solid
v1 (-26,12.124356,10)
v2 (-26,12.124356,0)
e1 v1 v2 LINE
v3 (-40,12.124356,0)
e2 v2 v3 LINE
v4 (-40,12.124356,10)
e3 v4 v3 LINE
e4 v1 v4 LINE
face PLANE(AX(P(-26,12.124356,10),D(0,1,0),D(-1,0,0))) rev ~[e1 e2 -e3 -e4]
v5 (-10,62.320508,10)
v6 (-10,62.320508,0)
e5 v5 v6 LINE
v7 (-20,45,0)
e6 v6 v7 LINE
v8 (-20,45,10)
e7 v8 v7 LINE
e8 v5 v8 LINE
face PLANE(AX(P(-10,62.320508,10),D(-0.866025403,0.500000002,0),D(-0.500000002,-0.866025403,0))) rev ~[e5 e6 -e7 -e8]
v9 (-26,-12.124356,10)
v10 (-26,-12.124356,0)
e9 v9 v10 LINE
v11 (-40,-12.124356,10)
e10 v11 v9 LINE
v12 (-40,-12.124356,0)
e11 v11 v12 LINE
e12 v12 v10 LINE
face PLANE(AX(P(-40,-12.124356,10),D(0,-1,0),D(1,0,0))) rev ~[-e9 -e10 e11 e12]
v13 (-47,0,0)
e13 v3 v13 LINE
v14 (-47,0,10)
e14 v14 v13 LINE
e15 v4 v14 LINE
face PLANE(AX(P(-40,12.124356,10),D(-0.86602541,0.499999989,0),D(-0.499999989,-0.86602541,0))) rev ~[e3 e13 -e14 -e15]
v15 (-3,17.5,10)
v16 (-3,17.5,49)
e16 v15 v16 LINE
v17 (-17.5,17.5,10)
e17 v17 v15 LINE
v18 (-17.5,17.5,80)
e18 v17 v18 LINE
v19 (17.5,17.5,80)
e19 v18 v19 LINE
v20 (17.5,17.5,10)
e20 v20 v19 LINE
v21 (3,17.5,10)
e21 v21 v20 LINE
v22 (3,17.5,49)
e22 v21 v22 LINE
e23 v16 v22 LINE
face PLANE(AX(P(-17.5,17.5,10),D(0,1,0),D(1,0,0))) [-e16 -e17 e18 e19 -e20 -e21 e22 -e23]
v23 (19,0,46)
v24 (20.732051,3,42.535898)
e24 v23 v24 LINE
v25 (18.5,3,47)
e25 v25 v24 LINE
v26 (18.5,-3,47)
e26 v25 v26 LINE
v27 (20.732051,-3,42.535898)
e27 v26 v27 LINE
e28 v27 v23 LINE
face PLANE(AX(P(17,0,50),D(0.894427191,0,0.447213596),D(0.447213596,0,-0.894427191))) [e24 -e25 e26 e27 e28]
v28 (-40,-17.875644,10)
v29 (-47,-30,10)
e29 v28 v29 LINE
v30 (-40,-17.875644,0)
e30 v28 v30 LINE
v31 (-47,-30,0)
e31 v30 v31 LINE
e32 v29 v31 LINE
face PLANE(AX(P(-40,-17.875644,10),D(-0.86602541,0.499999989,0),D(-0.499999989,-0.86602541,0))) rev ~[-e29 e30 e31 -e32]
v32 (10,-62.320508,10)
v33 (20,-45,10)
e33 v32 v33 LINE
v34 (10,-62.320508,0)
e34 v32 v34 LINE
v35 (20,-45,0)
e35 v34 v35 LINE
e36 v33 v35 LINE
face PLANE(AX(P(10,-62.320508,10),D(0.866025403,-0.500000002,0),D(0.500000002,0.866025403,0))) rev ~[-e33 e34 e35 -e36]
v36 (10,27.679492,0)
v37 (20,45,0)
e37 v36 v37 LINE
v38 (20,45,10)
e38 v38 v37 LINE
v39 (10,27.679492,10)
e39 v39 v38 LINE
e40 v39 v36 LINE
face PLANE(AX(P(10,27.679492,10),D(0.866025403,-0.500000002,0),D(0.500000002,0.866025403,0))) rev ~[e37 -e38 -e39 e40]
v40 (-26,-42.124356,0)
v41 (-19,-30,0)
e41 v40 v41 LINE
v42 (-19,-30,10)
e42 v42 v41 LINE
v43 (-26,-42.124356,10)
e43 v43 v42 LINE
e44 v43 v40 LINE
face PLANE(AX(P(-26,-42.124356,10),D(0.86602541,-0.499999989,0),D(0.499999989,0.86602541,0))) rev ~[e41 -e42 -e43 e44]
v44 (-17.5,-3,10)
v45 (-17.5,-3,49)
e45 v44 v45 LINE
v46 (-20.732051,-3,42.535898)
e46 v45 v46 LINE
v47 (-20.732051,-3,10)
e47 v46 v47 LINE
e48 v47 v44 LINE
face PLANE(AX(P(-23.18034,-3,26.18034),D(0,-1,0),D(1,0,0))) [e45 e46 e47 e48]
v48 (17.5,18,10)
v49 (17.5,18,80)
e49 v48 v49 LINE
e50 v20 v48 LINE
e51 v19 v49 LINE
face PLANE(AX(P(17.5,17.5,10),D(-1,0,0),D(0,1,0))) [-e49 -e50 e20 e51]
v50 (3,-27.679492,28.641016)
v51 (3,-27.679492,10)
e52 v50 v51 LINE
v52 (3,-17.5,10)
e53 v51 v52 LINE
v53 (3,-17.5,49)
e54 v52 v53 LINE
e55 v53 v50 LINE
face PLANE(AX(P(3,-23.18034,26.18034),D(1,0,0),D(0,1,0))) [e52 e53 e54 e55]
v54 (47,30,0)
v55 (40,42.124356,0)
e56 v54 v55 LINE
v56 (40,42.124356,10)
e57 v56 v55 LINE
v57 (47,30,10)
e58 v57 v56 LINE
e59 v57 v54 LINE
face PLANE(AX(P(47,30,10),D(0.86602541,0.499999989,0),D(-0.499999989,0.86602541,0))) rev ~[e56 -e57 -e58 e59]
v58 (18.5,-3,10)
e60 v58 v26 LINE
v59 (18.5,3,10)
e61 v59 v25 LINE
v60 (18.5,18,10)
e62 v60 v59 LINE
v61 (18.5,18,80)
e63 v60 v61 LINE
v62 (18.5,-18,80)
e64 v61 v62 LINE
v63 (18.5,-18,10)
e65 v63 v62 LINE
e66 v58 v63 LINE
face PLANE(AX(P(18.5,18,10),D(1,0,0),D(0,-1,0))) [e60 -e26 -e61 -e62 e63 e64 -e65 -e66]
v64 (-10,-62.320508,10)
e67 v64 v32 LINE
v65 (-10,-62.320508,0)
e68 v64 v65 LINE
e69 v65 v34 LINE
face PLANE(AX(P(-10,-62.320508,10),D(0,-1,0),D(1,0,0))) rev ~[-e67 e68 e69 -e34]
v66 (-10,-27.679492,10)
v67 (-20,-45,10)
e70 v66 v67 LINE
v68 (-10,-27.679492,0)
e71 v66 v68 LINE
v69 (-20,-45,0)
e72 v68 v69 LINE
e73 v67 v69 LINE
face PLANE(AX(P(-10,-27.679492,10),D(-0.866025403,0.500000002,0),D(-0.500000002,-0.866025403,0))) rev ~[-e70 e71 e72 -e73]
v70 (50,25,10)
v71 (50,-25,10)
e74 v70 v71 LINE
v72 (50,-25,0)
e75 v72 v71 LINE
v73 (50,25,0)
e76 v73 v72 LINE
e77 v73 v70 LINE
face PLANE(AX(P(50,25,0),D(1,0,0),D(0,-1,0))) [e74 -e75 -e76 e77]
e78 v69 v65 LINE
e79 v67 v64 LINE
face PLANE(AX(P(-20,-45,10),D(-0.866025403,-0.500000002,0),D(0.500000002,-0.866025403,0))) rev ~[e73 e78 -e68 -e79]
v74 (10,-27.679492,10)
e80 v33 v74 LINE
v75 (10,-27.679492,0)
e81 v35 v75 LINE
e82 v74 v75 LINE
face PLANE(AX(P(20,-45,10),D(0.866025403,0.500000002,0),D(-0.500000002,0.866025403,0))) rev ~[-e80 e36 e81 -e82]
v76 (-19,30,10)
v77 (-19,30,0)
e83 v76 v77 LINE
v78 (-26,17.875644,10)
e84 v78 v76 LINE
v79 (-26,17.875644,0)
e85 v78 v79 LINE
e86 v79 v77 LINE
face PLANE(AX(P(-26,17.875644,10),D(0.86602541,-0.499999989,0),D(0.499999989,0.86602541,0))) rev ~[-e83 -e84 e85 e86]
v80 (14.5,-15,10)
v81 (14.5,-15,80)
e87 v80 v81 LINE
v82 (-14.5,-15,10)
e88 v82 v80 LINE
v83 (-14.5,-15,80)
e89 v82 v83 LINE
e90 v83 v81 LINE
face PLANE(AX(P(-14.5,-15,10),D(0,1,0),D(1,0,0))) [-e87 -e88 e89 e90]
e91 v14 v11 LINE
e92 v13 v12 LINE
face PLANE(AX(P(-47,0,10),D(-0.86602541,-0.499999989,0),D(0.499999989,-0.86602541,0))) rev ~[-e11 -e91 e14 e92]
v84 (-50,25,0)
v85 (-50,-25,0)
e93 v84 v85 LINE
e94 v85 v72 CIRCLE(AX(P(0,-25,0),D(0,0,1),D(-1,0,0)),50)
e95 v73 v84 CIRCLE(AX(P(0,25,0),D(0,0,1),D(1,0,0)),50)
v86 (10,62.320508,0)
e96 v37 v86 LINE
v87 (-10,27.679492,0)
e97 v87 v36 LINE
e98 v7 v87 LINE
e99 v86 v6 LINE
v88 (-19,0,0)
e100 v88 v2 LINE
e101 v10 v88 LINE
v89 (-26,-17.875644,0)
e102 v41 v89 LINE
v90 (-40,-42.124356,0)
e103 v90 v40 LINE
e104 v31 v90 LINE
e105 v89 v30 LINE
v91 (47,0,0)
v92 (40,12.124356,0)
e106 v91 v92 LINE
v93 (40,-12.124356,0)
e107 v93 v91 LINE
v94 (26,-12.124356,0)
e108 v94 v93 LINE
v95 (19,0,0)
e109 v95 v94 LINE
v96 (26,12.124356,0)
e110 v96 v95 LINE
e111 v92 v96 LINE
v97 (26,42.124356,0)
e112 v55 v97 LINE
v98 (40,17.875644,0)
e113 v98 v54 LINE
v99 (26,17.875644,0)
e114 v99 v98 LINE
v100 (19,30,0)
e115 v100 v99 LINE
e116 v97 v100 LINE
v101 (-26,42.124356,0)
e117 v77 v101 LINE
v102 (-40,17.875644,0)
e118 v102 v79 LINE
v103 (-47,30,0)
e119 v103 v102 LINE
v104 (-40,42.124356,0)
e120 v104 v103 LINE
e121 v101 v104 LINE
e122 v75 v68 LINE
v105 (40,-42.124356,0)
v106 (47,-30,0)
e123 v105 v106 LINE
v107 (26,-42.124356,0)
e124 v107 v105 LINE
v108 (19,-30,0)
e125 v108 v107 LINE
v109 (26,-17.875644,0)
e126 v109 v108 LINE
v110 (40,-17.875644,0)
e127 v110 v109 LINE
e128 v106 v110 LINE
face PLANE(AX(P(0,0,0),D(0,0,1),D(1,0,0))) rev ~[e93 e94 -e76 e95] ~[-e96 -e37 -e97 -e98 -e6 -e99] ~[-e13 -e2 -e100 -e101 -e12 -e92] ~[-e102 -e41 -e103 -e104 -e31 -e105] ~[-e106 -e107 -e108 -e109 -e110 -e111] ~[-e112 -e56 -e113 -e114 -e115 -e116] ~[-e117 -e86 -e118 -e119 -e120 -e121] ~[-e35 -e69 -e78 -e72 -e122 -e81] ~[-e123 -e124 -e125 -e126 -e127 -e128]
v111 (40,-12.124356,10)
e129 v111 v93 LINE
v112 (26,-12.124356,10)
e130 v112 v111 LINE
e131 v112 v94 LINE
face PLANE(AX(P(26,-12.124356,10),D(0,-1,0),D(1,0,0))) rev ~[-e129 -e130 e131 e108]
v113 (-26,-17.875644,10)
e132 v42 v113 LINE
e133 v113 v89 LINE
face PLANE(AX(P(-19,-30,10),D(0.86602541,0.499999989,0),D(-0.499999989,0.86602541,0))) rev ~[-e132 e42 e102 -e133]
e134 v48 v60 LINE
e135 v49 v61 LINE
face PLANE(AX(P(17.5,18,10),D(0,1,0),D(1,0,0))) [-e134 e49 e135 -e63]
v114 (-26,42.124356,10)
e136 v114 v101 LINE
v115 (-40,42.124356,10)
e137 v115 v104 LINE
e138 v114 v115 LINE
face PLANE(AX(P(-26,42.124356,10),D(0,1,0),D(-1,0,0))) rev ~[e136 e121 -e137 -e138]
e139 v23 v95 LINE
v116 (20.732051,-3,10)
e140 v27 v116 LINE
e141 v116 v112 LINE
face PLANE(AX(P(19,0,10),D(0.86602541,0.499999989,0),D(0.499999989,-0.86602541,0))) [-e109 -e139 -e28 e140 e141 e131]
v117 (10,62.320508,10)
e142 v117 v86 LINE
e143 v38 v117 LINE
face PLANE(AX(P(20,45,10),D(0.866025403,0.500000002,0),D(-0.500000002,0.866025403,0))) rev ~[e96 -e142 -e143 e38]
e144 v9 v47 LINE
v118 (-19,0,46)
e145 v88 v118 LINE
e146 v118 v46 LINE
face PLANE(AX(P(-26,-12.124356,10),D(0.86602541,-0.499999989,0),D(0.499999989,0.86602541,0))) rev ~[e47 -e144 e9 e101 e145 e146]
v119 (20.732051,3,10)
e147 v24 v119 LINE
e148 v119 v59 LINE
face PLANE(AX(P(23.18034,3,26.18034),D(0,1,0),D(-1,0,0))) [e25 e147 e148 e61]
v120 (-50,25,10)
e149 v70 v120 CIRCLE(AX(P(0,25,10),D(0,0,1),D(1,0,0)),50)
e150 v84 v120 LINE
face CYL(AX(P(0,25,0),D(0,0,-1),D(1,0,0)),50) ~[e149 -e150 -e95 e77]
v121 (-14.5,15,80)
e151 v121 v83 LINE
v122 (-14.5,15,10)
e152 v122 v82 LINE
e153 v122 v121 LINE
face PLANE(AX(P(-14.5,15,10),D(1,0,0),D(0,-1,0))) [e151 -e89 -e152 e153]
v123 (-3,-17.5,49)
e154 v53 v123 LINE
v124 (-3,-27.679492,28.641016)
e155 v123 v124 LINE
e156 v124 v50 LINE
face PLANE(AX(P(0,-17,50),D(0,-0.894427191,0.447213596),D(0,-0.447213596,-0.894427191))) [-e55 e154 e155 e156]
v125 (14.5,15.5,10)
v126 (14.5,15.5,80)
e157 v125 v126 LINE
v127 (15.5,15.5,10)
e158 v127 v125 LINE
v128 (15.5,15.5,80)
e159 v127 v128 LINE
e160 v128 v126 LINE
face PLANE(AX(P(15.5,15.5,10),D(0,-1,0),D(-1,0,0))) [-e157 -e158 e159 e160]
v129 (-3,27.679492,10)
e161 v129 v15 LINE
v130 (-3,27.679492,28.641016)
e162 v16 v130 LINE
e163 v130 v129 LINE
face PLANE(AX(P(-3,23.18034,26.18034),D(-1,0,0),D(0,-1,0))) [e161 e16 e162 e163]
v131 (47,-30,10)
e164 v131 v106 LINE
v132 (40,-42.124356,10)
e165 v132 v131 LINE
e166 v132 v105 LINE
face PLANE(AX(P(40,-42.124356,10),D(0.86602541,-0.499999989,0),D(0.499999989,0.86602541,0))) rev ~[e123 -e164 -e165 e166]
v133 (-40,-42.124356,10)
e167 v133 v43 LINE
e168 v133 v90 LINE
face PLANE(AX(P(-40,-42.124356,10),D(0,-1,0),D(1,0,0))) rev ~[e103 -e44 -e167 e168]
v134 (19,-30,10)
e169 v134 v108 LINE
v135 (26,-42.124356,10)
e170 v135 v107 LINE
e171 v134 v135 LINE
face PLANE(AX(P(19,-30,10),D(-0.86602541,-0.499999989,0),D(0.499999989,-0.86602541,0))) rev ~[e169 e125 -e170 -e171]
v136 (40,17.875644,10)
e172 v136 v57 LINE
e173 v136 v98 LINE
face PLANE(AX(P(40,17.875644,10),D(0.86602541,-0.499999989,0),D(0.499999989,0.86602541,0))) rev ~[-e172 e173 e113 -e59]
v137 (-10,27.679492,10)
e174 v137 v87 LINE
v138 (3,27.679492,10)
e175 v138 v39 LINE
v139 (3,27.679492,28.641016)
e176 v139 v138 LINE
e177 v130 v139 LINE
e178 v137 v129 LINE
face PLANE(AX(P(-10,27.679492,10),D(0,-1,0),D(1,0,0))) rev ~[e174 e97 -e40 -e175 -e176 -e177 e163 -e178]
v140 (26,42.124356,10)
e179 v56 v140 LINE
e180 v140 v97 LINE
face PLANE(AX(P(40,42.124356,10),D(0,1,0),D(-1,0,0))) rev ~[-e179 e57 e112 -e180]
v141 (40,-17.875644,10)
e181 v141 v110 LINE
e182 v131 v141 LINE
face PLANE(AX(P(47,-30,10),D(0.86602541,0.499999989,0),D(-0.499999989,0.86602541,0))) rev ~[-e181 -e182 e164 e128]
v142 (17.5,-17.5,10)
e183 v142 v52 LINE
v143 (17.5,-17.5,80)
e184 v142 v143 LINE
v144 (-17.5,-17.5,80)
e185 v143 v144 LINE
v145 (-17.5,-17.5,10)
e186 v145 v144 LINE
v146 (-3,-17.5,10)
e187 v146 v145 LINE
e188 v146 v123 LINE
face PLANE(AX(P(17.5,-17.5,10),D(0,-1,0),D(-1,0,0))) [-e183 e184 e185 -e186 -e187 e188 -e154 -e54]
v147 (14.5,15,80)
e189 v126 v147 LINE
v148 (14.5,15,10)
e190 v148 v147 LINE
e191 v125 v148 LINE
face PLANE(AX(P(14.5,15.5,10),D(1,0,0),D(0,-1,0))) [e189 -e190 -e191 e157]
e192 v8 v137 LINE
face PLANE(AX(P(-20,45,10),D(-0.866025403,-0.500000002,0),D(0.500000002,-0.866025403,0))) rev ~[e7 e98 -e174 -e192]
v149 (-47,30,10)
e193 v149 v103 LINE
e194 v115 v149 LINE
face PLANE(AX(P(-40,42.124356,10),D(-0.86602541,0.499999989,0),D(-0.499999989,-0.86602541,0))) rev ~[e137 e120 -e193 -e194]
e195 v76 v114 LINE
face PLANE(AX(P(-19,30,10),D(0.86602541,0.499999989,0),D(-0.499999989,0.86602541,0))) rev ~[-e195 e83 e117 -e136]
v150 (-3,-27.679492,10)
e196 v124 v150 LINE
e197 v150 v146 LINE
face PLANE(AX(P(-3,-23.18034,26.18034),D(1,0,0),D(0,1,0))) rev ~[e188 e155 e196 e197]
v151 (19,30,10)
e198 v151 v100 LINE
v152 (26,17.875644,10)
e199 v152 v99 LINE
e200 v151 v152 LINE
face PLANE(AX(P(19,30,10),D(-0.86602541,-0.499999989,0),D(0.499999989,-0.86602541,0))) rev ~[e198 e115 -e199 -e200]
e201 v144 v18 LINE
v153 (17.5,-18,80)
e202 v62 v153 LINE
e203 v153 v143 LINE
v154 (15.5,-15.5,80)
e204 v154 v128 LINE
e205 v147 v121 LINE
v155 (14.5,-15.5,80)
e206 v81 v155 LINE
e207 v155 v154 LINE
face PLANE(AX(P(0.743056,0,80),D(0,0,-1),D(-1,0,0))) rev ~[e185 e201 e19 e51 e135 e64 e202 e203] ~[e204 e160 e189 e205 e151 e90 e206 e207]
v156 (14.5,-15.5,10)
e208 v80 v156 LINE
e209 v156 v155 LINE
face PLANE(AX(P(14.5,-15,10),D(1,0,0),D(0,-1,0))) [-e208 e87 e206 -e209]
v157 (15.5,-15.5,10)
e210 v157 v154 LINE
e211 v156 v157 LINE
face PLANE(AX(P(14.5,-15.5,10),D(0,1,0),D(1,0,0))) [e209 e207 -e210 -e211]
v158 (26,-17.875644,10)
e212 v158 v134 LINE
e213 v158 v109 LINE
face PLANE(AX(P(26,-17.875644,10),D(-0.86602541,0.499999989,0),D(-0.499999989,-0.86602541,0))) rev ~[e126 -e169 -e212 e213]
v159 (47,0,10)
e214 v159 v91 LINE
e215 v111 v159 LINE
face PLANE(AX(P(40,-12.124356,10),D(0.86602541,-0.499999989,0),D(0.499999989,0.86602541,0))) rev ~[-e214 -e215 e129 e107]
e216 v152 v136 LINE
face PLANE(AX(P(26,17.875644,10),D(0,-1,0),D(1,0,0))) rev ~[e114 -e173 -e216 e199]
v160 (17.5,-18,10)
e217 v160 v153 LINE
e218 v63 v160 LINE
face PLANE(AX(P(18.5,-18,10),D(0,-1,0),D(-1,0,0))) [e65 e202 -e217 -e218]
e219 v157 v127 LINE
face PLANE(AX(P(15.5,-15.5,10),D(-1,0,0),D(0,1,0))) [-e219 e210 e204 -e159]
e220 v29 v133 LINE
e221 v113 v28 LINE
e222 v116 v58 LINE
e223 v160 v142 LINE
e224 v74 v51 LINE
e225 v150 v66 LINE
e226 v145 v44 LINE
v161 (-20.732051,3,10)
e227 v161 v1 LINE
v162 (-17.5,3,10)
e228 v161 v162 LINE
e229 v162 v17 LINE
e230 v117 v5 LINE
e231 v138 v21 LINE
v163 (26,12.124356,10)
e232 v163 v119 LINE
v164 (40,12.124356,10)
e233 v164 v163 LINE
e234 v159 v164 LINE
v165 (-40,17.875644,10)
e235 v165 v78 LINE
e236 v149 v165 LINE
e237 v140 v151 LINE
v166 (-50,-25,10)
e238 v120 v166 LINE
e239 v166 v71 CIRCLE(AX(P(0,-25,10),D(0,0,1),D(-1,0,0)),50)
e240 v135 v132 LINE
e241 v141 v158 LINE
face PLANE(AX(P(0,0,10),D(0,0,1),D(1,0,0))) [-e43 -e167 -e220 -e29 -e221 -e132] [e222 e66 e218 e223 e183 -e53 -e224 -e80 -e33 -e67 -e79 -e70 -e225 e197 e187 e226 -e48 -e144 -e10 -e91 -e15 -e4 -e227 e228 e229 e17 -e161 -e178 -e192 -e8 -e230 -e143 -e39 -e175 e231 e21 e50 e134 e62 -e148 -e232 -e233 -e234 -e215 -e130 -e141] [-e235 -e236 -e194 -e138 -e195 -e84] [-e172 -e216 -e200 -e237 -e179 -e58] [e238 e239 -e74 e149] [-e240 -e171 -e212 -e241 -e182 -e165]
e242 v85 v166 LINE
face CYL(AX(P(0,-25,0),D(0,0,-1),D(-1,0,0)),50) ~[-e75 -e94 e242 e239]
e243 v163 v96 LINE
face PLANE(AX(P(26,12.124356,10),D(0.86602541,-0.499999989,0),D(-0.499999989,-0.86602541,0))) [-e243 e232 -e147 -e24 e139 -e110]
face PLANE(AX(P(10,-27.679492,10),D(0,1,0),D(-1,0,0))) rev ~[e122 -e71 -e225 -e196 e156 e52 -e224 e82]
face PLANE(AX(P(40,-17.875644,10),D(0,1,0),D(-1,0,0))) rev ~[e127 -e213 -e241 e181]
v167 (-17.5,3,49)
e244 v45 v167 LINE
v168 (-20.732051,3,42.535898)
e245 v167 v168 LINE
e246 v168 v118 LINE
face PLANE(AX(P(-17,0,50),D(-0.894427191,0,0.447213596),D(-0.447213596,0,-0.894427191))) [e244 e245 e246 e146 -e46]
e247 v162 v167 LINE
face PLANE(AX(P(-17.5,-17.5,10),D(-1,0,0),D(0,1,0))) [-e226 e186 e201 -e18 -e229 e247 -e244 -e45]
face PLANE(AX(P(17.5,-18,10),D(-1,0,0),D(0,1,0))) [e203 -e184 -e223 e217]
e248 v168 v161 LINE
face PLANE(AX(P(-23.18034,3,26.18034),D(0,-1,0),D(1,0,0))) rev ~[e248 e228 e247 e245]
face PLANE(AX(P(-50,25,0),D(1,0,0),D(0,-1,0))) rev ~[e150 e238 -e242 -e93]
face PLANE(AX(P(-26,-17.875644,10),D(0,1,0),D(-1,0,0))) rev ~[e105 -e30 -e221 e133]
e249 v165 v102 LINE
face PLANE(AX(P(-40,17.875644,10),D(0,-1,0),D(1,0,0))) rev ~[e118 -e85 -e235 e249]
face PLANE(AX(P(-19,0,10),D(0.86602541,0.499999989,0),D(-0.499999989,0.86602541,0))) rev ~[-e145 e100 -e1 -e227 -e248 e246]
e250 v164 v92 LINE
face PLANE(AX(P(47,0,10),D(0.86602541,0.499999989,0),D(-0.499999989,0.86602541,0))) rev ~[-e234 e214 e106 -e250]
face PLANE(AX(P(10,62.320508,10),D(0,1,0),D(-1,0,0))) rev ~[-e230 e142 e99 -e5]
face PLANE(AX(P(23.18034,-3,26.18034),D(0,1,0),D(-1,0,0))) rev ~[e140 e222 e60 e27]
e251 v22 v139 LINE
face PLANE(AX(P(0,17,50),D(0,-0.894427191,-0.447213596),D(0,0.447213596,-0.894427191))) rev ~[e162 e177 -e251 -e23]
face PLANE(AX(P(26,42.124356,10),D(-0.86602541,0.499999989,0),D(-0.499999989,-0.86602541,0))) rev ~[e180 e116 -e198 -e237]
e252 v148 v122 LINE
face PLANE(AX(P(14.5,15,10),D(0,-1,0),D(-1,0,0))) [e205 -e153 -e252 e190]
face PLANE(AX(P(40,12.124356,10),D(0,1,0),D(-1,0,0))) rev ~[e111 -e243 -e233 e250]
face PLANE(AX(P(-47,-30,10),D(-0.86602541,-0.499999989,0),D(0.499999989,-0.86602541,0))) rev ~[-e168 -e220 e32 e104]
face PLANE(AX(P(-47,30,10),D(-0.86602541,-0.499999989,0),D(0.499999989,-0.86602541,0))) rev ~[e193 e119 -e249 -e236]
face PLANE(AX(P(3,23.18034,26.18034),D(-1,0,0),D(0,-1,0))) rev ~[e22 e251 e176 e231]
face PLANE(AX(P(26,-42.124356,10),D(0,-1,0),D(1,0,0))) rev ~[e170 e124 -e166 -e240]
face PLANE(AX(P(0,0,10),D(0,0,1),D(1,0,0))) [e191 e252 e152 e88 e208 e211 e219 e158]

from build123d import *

# Parameters (mm, degrees)
PAD_DEPTH          = 10
PAD001_DEPTH       = 70
PAD002_DEPTH       = 3
PAD002_DEPTH_BACK  = 3
POLARPATTERN_COUNT = 4
POCKET_DEPTH       = 70.001
POCKET_DEPTH_BACK  = 10.001


with BuildPart() as part:
    # Sketch → Pad (new body)
    with BuildSketch(Plane.XY):
        with BuildLine():
            ThreePointArc((50, 25), (0, 75), (-50, 25))
            Line((-50, 25), (-50, -25))
            ThreePointArc((-50, -25), (0, -75), (50, -25))
            Line((50, 25), (50, -25))
        make_face()
    extrude(amount=PAD_DEPTH)

    # Sketch001 (on Face6 of Pad) → Pad001 (join)
    with BuildSketch(Plane.XY.offset(10)):
        Polygon((-17.5, 17.5), (17.5, 17.5), (17.5, 18), (18.5, 18), (18.5, -18), (17.5, -18), (17.5, -17.5), (-17.5, -17.5), align=None)
        Polygon((-14.5, 15), (-14.5, -15), (14.5, -15), (14.5, -15.5), (15.5, -15.5), (15.5, 15.5), (14.5, 15.5), (14.5, 15), align=None, mode=Mode.SUBTRACT)
    extrude(amount=PAD001_DEPTH)

    # Sketch002 → Pad002 (join, two sides)
    with BuildSketch(Plane.YZ) as pad002_sk:
        Polygon((17, 50), (37, 10), (17, 10), align=None)
    pad002 = extrude(amount=PAD002_DEPTH) + extrude(pad002_sk.sketch, amount=-PAD002_DEPTH_BACK)

    # PolarPattern: Pad002 ×4 about axis
    polarpattern_axis = Axis((0, 0, 0), (0, 0, 1))
    for i in range(1, POLARPATTERN_COUNT):
        add(pad002.rotate(polarpattern_axis, i * 360 / POLARPATTERN_COUNT))

    # Sketch003 (on Face5 of Pad001) → Pocket (cut, two sides)
    with BuildSketch(Plane.XY.offset(10)) as pocket_sk:
        Polygon((20, 45), (10, 62.320508), (-10, 62.320508), (-20, 45), (-10, 27.679492), (10, 27.679492), align=None)
        Polygon((-26, 17.875644), (-19, 30), (-26, 42.124356), (-40, 42.124356), (-47, 30), (-40, 17.875644), align=None)
        Polygon((40, 17.875644), (47, 30), (40, 42.124356), (26, 42.124356), (19, 30), (26, 17.875644), align=None)
        Polygon((-19, 0), (-26, 12.124356), (-40, 12.124356), (-47, 0), (-40, -12.124356), (-26, -12.124356), align=None)
        Polygon((20, -45), (10, -27.679492), (-10, -27.679492), (-20, -45), (-10, -62.320508), (10, -62.320508), align=None)
        Polygon((40, -12.124356), (47, 0), (40, 12.124356), (26, 12.124356), (19, 0), (26, -12.124356), align=None)
        Polygon((40, -42.124356), (47, -30), (40, -17.875644), (26, -17.875644), (19, -30), (26, -42.124356), align=None)
        Polygon((-19, -30), (-26, -17.875644), (-40, -17.875644), (-47, -30), (-40, -42.124356), (-26, -42.124356), align=None)
    extrude(amount=POCKET_DEPTH, mode=Mode.SUBTRACT)
    extrude(pocket_sk.sketch, amount=-POCKET_DEPTH_BACK, mode=Mode.SUBTRACT)


solid = part.part
